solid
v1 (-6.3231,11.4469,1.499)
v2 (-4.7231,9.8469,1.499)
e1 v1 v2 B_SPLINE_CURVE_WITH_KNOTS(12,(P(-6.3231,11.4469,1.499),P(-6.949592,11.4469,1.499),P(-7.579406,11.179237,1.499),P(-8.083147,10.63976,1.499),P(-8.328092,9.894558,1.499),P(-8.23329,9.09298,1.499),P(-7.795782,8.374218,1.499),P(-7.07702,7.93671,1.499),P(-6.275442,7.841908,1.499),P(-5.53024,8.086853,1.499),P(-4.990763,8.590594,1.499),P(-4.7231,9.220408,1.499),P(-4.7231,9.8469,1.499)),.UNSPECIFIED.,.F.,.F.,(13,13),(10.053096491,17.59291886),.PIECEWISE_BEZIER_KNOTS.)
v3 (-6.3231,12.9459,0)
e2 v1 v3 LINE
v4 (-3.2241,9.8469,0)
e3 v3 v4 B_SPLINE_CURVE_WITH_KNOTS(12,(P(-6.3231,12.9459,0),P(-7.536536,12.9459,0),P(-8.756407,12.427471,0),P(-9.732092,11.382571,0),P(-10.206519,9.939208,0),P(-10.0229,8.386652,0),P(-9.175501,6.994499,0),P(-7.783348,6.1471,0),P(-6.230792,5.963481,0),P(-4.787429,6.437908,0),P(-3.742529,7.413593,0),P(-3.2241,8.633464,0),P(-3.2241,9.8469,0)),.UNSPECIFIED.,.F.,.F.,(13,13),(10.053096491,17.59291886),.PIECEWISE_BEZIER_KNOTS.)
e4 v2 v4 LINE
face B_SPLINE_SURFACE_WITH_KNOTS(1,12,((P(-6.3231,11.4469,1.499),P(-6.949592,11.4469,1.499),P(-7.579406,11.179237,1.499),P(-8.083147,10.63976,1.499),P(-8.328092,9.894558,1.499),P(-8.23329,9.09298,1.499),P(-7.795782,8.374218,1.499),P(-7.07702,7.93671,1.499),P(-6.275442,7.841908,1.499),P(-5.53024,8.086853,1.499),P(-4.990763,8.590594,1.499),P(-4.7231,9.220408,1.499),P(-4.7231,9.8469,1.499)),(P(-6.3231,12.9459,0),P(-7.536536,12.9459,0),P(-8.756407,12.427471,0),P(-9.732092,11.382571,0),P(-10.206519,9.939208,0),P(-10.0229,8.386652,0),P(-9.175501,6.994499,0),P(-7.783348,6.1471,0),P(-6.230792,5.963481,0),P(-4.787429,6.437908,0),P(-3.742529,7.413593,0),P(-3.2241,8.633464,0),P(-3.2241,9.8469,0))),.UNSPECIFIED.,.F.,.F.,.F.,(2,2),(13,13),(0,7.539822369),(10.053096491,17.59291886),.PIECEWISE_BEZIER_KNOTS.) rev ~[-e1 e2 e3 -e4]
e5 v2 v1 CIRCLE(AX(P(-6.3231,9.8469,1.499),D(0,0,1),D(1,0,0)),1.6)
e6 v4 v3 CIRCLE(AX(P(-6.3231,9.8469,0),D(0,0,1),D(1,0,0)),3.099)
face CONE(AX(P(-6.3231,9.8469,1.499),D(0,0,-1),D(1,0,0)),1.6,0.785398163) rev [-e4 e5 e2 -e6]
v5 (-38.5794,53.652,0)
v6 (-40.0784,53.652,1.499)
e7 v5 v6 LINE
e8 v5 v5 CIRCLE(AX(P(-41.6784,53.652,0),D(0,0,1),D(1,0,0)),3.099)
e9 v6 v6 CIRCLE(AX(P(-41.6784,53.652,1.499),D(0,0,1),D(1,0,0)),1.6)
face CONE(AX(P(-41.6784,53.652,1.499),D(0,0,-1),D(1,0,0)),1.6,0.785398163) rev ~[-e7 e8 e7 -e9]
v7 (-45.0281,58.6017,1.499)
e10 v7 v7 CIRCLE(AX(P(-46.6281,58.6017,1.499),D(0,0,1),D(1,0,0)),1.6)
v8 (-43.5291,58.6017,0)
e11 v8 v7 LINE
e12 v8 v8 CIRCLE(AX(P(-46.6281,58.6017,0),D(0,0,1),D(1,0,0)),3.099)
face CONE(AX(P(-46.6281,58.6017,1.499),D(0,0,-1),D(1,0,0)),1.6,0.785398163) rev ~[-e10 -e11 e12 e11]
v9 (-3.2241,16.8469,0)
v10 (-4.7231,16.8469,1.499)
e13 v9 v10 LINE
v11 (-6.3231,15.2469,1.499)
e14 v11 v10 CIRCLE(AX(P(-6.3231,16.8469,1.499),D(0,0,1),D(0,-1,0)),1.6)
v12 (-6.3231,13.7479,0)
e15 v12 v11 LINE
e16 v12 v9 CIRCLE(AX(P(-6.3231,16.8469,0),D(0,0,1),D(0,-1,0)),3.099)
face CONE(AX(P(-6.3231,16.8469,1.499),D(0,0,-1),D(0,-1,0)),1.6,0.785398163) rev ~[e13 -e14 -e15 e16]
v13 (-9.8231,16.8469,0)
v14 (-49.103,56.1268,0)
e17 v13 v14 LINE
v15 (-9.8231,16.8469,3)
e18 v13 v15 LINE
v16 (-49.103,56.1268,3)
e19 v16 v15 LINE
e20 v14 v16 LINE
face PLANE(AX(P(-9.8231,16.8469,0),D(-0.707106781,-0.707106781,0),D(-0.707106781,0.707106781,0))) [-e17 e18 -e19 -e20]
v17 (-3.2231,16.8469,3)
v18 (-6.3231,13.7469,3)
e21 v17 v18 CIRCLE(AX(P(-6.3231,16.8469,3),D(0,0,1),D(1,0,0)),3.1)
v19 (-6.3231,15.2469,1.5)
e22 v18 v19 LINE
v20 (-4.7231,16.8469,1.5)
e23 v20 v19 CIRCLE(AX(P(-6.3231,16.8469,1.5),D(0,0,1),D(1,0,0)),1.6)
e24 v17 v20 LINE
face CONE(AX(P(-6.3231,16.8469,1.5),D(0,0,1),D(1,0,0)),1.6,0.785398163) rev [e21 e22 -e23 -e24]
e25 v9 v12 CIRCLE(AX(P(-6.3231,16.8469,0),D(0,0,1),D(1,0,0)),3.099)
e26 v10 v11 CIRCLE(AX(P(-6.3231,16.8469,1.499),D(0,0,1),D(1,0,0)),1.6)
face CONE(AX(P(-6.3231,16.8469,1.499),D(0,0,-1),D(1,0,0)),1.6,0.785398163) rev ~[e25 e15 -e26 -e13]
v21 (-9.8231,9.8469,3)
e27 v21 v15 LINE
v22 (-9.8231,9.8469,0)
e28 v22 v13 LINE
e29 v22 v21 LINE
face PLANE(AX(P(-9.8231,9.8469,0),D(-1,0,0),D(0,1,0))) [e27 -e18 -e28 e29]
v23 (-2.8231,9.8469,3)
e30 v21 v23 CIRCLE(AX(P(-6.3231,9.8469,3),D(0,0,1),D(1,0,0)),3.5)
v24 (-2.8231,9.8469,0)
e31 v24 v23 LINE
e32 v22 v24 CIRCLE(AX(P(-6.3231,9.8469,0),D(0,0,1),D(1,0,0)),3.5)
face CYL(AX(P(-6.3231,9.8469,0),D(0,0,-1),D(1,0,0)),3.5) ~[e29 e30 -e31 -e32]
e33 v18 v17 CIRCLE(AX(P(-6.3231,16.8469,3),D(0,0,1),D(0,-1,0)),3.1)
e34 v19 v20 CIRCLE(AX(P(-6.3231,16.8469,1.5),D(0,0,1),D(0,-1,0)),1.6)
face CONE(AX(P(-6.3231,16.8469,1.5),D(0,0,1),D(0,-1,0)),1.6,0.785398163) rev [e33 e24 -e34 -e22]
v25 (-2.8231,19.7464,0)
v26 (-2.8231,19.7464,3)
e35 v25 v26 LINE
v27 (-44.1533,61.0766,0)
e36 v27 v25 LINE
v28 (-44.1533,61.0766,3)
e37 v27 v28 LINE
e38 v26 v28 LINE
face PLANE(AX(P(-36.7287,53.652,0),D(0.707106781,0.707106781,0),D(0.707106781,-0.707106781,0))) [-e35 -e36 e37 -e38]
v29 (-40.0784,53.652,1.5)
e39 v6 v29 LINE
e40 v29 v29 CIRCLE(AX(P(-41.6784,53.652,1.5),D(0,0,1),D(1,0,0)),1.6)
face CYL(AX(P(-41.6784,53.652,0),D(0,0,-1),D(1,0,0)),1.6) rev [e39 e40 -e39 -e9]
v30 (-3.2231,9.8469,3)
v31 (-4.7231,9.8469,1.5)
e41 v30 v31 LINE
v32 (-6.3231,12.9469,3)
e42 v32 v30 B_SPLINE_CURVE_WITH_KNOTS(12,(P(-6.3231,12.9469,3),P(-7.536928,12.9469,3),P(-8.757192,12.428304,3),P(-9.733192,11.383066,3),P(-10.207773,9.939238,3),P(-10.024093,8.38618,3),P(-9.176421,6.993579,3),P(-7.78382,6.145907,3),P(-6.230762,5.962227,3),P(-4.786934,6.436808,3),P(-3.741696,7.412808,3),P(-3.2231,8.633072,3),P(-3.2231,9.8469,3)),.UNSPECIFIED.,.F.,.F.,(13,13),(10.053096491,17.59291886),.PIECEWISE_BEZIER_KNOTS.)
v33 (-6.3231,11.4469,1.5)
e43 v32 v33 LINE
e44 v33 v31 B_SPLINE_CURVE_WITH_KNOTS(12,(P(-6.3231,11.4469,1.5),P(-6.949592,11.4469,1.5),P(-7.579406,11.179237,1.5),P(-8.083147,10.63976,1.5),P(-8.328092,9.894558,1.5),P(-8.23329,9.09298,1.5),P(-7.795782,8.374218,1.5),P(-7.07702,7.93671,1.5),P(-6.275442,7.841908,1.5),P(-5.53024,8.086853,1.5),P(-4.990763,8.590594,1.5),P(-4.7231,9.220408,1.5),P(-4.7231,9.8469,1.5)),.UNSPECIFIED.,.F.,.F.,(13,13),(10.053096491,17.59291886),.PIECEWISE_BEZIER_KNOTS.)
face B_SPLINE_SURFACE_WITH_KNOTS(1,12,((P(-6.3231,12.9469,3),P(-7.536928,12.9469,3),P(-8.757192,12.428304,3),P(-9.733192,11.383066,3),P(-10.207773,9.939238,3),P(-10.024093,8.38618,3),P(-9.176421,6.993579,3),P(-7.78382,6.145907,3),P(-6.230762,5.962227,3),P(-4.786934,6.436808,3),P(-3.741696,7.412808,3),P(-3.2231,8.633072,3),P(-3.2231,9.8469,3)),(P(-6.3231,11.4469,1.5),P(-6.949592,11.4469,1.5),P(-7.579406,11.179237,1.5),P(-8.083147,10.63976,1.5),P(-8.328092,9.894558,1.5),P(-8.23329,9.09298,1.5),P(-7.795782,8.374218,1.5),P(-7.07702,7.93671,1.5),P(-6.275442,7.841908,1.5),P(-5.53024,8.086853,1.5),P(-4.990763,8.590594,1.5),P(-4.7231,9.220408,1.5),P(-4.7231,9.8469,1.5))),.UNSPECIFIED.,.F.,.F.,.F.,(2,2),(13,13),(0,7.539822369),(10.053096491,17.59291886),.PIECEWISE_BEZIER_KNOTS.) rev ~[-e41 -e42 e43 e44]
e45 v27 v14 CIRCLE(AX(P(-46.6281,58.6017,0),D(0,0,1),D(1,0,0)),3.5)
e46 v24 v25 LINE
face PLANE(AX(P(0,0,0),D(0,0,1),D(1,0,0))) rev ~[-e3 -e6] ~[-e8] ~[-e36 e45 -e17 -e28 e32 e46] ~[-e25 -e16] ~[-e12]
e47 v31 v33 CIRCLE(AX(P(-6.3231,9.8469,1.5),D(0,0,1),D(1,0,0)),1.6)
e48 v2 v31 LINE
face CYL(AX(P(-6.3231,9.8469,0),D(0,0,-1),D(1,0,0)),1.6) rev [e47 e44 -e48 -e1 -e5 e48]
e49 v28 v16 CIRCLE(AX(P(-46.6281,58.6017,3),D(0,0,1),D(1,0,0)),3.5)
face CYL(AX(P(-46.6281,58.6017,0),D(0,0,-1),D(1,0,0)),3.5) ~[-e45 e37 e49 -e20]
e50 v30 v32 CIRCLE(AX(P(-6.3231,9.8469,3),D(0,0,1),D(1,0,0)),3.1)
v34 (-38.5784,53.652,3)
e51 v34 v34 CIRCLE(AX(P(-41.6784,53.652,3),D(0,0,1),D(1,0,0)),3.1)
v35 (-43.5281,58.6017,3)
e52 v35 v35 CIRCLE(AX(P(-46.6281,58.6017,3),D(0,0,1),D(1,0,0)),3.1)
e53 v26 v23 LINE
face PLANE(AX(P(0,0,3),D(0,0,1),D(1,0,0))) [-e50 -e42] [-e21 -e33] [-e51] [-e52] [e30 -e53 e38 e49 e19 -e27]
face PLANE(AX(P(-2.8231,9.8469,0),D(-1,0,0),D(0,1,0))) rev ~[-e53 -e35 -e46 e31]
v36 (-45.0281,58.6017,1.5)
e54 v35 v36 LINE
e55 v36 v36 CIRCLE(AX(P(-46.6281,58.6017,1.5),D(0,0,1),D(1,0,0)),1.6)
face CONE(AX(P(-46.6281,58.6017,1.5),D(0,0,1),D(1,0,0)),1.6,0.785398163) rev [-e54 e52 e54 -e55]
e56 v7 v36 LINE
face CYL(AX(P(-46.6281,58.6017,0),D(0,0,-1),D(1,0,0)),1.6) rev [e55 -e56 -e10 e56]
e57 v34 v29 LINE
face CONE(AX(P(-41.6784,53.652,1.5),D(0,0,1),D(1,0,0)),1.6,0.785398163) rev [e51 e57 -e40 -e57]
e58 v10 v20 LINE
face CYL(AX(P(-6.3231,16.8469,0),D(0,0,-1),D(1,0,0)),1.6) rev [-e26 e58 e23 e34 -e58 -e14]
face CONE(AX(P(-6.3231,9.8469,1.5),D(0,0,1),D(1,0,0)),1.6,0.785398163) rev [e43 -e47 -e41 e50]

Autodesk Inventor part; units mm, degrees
ref_plane "YZ Plane" through (0, 0, 0) normal (1, 0, 0) x (0, 1, 0)
ref_plane "XZ Plane" through (0, 0, 0) normal (0, 1, 0) x (-1, 0, 0)
ref_plane "XY Plane" through (0, 0, 0) normal (0, 0, 1) x (1, 0, 0)
sketch "Эскиз1" plane through (0, 0, 0) normal (0, 0, 1) x (1, 0, 0)
  circle A0 centre (-6.3231, 9.8469) radius 1.6
  circle A1 centre (-6.3231, 16.8469) radius 1.6
  line L0 (-6.3231, 9.8469) -> (-6.3231, 16.8469)
  circle A2 centre (-6.3231, 16.8469) radius 3.5
  circle A3 centre (-6.3231, 9.8469) radius 3.5
  line L1 (-9.8231, 9.8469) -> (-9.8231, 16.8469)
  line L2 (-2.8231, 9.8469) -> (-2.8231, 16.8469)
  line L3 (-9.8231, 16.8469) -> (-41.6784, 48.7022)
  line L4 (-9.8231, 16.8469) -> (40.1769, 16.8469) construction
  line L5 (-36.7287, 53.652) -> (-41.6784, 48.7022)
  line L6 (-39.2035, 51.1771) -> (-41.6784, 53.652) construction
  circle A4 centre (-41.6784, 53.652) radius 3.5
  line L7 (-36.7287, 53.652) -> (-2.8231, 19.7464)
  line L8 (-2.8231, 19.7464) -> (-2.8231, 16.8469)
  circle A5 centre (-41.6784, 53.652) radius 1.6
  line L9 (-41.6784, 53.652) -> (-46.6281, 58.6017) construction
  circle A6 centre (-46.6281, 58.6017) radius 3.5
  circle A7 centre (-46.6281, 58.6017) radius 1.6
  line L10 (-41.6784, 48.7022) -> (-49.103, 56.1268)
  line L11 (-36.7287, 53.652) -> (-44.1533, 61.0766)
  point P0 (0, 0)
  dimension "d0" = 3.2
  dimension "d1" = 3.2
  dimension "d2" = 7
  dimension "d3" = 7
  dimension "d4" = 7
  dimension "d8" = 135
  dimension "d9" = 45.0502
  dimension "d10" = 3.5
  dimension "d11" = 7
  dimension "d12" = 3.2
  dimension "d13" = 7
  dimension "d14" = 3.2
extrude "Выдавливание1" add sketch "Эскиз1" along normal blind 3
chamfer "Фаска1" distance 1.5 angle 45 4 edges at (-7.9231, 9.8469, 3) (-7.9231, 16.8469, 3) (-43.2784, 53.652, 3) (-48.2281, 58.6017, 3)
chamfer "Фаска2" distance 1.5 angle 45 4 edges at (-7.9231, 9.8469, 0) (-7.9231, 16.8469, 0) (-43.2784, 53.652, 0) (-48.2281, 58.6017, 0)
properties part number "каркас1"
